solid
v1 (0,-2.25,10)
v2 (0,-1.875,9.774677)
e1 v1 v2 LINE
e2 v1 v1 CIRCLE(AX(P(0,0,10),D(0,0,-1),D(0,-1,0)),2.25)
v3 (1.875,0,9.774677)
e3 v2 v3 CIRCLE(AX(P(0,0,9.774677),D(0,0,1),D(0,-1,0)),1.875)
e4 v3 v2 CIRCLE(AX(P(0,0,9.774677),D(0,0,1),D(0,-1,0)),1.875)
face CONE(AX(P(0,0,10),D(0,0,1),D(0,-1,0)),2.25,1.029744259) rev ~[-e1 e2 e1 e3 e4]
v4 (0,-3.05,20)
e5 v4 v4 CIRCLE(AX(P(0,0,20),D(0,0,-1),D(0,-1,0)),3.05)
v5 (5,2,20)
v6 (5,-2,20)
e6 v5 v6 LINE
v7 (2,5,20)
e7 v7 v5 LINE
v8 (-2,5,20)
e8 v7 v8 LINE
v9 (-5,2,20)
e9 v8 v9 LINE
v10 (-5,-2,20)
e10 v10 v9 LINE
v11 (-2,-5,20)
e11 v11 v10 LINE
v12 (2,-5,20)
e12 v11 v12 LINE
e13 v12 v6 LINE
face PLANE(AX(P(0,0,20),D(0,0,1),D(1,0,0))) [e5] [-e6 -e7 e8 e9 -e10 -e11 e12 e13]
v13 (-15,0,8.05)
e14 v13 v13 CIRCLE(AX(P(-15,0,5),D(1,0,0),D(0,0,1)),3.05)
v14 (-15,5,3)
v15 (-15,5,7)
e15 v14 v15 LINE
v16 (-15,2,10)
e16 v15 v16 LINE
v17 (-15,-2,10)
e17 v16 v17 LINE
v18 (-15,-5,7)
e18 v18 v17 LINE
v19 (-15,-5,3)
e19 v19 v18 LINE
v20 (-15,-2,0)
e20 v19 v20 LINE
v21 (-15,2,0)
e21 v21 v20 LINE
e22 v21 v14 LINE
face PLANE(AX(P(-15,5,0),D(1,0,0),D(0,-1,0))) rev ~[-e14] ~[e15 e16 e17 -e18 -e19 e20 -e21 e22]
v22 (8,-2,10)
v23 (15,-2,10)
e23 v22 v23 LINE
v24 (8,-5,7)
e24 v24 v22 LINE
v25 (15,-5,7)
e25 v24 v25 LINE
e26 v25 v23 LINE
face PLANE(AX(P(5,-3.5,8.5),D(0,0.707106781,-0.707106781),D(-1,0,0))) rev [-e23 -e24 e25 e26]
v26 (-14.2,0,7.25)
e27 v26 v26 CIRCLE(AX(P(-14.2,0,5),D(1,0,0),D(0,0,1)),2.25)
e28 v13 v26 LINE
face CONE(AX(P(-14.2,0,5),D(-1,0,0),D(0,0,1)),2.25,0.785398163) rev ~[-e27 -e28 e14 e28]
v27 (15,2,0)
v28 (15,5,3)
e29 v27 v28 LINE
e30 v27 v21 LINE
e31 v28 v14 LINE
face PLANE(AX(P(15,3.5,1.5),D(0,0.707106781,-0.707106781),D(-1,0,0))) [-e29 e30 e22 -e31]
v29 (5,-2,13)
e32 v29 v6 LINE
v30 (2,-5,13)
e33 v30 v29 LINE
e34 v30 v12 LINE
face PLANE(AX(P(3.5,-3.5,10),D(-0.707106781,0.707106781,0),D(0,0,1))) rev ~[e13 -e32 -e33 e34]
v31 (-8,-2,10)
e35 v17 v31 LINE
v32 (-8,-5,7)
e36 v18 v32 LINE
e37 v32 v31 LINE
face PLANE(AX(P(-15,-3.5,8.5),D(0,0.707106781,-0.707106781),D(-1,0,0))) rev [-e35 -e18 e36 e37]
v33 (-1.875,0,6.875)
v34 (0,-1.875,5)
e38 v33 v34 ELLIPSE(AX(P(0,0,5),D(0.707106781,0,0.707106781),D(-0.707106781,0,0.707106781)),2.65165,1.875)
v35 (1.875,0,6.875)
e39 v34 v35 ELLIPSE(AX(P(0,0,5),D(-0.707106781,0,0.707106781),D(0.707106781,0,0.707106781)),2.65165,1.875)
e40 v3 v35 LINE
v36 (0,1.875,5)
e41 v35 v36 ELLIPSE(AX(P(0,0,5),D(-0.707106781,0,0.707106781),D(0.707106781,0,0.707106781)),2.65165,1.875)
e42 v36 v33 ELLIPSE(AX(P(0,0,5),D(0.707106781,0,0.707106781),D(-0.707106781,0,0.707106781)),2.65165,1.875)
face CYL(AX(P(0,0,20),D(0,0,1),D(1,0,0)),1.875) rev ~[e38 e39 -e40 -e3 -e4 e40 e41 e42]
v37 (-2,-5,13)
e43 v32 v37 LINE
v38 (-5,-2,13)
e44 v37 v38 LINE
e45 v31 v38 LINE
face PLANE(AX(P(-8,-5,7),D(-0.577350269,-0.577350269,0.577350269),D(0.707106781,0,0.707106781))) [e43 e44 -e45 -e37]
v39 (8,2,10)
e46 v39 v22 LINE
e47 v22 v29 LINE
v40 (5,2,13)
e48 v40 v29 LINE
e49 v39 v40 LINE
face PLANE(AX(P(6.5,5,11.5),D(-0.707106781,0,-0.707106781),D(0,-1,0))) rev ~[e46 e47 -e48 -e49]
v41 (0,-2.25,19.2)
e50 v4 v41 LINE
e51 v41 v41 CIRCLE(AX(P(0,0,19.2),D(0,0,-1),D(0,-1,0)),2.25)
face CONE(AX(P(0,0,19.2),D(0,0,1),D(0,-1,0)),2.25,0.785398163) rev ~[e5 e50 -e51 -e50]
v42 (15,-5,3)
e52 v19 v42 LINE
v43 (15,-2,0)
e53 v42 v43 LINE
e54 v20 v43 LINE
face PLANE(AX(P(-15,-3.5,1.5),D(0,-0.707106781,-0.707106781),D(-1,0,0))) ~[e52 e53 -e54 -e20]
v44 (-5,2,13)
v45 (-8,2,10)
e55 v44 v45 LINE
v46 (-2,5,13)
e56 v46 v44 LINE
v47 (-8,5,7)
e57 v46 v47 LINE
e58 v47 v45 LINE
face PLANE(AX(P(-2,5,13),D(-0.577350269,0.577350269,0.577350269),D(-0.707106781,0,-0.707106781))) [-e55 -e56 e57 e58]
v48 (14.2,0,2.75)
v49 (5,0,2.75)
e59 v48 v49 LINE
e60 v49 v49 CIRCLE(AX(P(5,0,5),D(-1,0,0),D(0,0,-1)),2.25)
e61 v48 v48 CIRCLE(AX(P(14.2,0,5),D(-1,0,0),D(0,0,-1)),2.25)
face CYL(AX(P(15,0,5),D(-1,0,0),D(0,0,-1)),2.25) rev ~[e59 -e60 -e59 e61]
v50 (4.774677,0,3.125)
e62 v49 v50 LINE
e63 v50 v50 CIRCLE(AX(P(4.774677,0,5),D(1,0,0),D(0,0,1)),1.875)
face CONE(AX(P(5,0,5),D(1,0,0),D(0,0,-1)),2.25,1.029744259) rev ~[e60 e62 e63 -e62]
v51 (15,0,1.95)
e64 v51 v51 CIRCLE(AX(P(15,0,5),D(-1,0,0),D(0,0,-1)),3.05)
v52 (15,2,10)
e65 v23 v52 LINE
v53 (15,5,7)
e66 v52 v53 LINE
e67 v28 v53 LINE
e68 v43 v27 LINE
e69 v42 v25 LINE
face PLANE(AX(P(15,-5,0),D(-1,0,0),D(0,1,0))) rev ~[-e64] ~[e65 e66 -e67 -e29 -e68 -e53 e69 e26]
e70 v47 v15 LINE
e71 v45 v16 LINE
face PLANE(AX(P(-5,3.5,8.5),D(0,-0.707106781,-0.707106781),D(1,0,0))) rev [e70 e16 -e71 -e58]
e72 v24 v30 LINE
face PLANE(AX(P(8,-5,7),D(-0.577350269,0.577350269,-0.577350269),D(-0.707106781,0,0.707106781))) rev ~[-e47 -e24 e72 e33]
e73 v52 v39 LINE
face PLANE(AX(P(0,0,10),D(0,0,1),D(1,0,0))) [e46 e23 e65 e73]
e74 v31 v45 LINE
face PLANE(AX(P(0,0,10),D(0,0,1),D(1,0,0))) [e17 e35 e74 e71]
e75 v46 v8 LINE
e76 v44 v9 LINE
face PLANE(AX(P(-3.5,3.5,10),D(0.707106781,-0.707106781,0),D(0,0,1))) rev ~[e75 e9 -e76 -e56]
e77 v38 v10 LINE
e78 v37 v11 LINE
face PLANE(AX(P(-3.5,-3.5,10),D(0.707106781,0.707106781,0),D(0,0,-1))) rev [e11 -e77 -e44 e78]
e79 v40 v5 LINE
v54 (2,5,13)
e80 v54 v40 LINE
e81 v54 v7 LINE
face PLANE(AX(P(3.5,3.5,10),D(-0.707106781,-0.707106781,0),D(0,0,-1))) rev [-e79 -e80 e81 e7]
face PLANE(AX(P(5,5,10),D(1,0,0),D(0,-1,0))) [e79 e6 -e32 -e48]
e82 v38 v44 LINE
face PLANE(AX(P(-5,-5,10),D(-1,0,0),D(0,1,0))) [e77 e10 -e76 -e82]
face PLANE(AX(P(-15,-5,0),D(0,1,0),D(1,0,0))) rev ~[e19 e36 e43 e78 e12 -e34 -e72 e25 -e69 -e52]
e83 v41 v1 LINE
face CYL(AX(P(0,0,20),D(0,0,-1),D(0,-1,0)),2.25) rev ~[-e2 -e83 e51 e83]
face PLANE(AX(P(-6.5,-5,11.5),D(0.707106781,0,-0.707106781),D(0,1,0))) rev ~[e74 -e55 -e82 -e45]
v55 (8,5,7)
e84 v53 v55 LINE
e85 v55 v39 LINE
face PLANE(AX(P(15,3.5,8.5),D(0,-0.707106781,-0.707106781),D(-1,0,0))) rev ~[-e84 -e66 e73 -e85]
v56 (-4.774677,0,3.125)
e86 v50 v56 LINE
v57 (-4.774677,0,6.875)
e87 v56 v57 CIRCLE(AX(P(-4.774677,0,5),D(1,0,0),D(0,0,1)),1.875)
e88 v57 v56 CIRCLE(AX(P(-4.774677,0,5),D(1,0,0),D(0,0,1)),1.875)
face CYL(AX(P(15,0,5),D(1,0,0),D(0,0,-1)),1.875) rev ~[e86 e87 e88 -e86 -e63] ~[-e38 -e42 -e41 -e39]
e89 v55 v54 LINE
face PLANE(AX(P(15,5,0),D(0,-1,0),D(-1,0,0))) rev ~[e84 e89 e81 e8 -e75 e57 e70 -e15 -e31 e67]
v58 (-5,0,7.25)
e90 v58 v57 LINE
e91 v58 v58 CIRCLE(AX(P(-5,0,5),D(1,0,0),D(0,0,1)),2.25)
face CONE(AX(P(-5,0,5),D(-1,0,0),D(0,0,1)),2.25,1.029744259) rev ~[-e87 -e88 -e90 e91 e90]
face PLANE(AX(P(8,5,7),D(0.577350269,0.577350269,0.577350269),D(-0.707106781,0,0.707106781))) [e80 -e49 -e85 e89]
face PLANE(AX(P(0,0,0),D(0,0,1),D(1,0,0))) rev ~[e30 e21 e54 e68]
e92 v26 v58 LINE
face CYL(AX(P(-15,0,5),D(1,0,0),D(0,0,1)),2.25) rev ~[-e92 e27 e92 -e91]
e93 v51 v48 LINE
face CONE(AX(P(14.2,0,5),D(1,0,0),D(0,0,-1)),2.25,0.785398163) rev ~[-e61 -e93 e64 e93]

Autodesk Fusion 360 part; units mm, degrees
sketch "Sketch1" plane through (0, 0, 0) normal (0, 0, 1) x (1, 0, 0)
  line L0 (15, 5) -> (-15, 5)
  line L1 (-15, 5) -> (-15, -5)
  line L2 (-15, -5) -> (15, -5)
  line L3 (15, -5) -> (15, 5)
  line L4 (15, 5) -> (-15, -5) construction
  line L5 (-15, 5) -> (15, -5) construction
  dimension "d1" = 30
  dimension "d2" = 10
extrude "Extrude1" add sketch "Sketch1" along normal blind 10
sketch "Sketch2" plane through (15, 0, 0) normal (1, 0, 0) x (0, 0, -1)
  line L0 (0, -5) -> (0, 5)
  line L1 (0, 5) -> (-10, 5)
  line L2 (-10, 5) -> (-10, -5)
  line L3 (-10, -5) -> (0, -5)
  line L4 (-5, 5) -> (-5, 0) construction
  line L5 (-5, 0) -> (0, 0) construction
  circle A0 centre (-5, 0) radius 1.875
  point P0 (-5, 0)
  dimension "d5" = 3.75
extrude "Extrude2" cut sketch "Sketch2" against normal through all contours A0
sketch "Sketch3" plane through (0, 0, 10) normal (0, 0, 1) x (1, 0, 0)
  line L0 (15, -5) -> (15, 5)
  line L1 (15, 5) -> (-15, 5)
  line L2 (-15, 5) -> (-15, -5)
  line L3 (-15, -5) -> (15, -5)
  line L4 (5, -5) -> (-5, -5)
  line L5 (-5, -5) -> (-5, 5)
  line L6 (-5, 5) -> (5, 5)
  line L7 (5, 5) -> (5, -5)
  line L8 (5, -5) -> (-5, 5) construction
  line L9 (-5, -5) -> (5, 5) construction
  dimension "d7" = 10
extrude "Extrude3" add sketch "Sketch3" along normal blind 10 contours L1 L3 L4 L5 L6 L7
sketch "Sketch4" plane through (0, 0, 20) normal (0, 0, 1) x (1, 0, 0)
  line L0 (5, 5) -> (-5, 5)
  line L1 (-5, 5) -> (-5, -5)
  line L2 (-5, -5) -> (5, -5)
  line L3 (5, -5) -> (5, 5)
  circle A0 centre (0, 0) radius 1.875
  dimension "d10" = 3.75
extrude "Extrude4" cut sketch "Sketch4" along normal up to surface contours A0 end surface at (-5, -0.1867, 3.1343)
hole "Hole1" at (15, 0, 5) direction (-1, 0, 0) diameter 4.5 depth 10 tip angle 118
hole "Hole2" at (-15, 0, 5) direction (1, 0, 0) diameter 4.5 depth 10 tip angle 118
sketch "Sketch5" plane through (0, 0, 20) normal (0, 0, 1) x (1, 0, 0)
  circle A0 centre (0, 0) radius 1.875
  line L0 (5, 5) -> (-5, 5)
  line L1 (-5, 5) -> (-5, -5)
  line L2 (-5, -5) -> (5, -5)
  line L3 (5, -5) -> (5, 5)
  circle A1 centre (0, 0) radius 1.875
hole "Hole3" at (0, 0, 20) direction (0, 0, -1) diameter 4.5 depth 10 tip angle 118
chamfer "Chamfer1" distance 3 angle 45 2 edges at (0, 5, 0) (0, -5, 0)
chamfer "Chamfer1" distance 3 angle 45 10 edges at (-10, -5, 10) (-5, -5, 15) (-5, 0, 10) (-5, 5, 15) (-10, 5, 10) (10, -5, 10) (5, -5, 15) (10, 5, 10) (5, 5, 15) (5, 0, 10)
chamfer "Chamfer2" distance 0.8 angle 45 3 edges at (-15, 2.0977, 5.8136) (15, -2.0977, 5.8136) (-2.0977, 0.8136, 20)
equation "d3 = d2"
equation "d7 = d2"
equation "d8 = d2"
equation "d10 = d5"
equation "d13 = d2"
equation "d16 = d2"
equation "d17 = d14"
equation "d19 = d2"
equation "d20 = d14"
